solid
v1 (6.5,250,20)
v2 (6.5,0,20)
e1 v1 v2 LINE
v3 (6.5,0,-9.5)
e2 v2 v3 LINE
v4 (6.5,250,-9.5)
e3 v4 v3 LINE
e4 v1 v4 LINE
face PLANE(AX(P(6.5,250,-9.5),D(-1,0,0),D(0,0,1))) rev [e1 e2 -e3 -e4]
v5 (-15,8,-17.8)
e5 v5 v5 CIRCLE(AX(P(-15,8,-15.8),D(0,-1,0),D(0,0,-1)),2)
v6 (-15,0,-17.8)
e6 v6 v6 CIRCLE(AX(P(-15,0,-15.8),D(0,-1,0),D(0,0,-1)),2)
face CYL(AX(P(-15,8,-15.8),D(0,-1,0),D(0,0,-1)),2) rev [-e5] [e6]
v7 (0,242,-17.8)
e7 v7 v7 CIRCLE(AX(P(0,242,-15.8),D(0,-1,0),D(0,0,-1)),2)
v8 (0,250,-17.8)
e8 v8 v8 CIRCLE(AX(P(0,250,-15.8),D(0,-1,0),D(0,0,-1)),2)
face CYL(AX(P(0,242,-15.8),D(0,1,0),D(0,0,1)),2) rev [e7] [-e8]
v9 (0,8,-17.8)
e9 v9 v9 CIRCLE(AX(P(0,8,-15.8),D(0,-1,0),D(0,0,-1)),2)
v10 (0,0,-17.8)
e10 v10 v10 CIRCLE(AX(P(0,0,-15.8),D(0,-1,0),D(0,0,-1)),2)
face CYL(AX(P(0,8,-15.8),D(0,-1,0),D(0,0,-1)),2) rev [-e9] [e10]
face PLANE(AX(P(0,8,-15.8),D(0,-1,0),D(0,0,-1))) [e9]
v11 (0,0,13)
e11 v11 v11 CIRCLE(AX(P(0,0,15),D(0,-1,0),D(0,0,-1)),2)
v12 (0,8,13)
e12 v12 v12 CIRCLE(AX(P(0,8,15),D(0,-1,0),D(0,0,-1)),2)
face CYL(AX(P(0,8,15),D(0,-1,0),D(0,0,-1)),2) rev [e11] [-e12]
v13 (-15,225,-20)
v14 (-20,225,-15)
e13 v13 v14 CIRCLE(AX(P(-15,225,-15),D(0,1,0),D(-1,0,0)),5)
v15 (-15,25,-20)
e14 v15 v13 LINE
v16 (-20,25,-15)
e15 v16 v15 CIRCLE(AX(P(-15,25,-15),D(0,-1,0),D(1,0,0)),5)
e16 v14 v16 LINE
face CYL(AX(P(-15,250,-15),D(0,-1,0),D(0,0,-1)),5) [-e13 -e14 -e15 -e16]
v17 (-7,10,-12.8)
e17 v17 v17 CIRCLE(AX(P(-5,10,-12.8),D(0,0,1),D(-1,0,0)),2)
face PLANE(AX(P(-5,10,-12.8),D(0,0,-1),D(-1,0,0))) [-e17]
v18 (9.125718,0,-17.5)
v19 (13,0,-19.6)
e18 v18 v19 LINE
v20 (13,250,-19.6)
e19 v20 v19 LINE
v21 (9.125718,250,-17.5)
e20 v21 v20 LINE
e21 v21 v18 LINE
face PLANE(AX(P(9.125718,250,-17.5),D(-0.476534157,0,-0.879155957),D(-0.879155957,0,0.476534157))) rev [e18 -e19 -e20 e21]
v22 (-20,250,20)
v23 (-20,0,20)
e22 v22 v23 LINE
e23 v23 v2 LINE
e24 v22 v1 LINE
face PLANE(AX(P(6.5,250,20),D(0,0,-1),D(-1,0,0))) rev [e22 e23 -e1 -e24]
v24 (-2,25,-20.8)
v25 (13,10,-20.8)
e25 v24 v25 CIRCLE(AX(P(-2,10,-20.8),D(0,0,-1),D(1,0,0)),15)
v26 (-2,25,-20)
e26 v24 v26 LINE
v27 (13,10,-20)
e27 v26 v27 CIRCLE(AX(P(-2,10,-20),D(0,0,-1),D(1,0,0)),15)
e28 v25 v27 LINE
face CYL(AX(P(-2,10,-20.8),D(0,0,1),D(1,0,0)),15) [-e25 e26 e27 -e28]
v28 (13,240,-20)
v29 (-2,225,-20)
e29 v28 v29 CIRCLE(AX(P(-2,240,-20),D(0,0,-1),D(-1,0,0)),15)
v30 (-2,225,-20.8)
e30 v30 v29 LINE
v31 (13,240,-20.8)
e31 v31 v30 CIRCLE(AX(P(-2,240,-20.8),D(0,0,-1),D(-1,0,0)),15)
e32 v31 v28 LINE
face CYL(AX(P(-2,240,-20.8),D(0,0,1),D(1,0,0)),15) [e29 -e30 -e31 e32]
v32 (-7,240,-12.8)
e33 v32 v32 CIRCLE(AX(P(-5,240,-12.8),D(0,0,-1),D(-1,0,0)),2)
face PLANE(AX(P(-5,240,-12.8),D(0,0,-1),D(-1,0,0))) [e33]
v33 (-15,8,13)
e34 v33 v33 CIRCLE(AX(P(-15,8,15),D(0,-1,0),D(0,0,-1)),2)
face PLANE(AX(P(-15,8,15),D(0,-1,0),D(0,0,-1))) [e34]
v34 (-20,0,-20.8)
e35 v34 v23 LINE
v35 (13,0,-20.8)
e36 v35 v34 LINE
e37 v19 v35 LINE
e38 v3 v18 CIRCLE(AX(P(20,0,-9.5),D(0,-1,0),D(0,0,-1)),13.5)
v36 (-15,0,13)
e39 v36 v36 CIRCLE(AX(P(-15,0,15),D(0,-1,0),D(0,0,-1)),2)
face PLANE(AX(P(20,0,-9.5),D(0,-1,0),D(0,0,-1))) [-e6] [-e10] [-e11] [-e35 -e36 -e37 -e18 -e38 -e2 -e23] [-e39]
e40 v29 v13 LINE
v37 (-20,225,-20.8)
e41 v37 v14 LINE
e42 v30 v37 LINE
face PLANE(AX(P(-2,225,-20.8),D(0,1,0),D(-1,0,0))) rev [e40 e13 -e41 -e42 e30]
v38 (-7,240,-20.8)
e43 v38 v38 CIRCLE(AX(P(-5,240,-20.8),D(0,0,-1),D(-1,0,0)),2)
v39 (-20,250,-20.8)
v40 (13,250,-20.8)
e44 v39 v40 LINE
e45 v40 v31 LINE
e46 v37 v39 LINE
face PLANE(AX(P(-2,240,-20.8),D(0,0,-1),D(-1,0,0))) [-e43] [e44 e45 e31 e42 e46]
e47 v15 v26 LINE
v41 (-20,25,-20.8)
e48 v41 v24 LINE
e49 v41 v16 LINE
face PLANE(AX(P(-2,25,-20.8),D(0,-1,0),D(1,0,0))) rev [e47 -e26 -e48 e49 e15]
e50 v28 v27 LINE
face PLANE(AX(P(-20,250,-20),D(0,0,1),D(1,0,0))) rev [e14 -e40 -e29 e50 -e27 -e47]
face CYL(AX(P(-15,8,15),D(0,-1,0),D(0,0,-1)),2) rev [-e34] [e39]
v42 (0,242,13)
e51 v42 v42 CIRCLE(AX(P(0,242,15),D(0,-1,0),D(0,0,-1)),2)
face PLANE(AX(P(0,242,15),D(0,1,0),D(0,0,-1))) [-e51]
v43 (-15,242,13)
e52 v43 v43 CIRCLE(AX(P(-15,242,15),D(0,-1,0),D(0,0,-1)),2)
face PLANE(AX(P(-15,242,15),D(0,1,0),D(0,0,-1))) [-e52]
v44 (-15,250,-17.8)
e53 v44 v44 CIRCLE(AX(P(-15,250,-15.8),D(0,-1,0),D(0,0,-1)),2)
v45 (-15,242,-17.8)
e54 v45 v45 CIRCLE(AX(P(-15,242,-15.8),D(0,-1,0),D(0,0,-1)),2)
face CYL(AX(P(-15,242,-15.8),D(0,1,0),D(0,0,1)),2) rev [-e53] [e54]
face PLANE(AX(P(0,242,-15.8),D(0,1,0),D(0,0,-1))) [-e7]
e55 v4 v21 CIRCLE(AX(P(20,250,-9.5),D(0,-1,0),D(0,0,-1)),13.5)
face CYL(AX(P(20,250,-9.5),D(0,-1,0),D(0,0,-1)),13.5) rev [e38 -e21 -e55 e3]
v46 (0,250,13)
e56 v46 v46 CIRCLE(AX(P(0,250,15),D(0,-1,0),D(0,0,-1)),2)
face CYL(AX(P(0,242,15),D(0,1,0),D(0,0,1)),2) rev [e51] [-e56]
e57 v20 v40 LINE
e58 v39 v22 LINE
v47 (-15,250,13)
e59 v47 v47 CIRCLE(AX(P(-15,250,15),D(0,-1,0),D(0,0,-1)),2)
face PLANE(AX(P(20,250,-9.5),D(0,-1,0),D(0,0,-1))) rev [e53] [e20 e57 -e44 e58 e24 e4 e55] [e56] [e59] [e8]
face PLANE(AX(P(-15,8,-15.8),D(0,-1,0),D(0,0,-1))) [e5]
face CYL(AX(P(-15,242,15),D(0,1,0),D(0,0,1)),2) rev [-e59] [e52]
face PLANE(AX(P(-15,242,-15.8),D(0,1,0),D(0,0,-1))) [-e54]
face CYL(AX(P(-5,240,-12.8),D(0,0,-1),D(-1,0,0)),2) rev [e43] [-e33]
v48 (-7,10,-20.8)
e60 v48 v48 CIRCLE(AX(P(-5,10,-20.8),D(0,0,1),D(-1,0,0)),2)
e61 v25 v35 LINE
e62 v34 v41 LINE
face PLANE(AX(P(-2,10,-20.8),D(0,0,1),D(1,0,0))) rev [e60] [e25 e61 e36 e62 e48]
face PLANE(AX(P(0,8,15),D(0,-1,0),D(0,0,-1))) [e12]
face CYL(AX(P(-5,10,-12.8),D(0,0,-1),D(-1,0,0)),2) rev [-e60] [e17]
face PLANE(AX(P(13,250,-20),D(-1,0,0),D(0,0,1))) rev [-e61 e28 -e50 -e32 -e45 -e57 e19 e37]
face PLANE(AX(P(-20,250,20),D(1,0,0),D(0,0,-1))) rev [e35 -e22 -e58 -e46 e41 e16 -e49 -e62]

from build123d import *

# Parameters (mm, degrees)
BOSS_EXTRUDE1_DEPTH = 250
BOSS_EXTRUDE2_DEPTH = 0.8
SKETCH3_R           = 2
CUT_EXTRUDE2_DEPTH  = 8
FILLET1_R           = 5
SKETCH4_R           = 2
CUT_EXTRUDE3_DEPTH  = 8


with BuildPart() as part:
    # Sketch1 → Boss-Extrude1 (new body)
    with BuildSketch(Plane(origin=(0, 0, 0), x_dir=(1, 0, 0), z_dir=(0, 1, 0))):
        with BuildLine():
            Line((6.5, 9.5), (6.5, -20))
            Line((6.5, -20), (-20, -20))
            Line((-20, -20), (-20, 20))
            Line((-20, 20), (13, 20))
            Line((13, 20), (13, 19.6))
            Line((13, 19.6), (9.125718415, 17.5))
            ThreePointArc((9.125718415, 17.5), (7.173215496, 13.709940534), (6.5, 9.5))
        make_face()
    extrude(amount=BOSS_EXTRUDE1_DEPTH)

    # Sketch2 → Boss-Extrude2 (add)
    with BuildSketch(Plane(origin=(0, 0, -20), x_dir=(-1, 0, 0), z_dir=(0, 0, -1))):
        with BuildLine():
            Line((20, 225), (20, 250))
            Line((20, 250), (-13, 250))
            Line((-13, 250), (-13, 240))
            ThreePointArc((-13, 240), (-8.606601718, 229.393398282), (2, 225))
            Line((2, 225), (20, 225))
        make_face()
        with BuildLine():
            Line((-13, 0), (-13, 10))
            ThreePointArc((-13, 10), (-8.606601718, 20.606601718), (2, 25))
            Line((2, 25), (20, 25))
            Line((20, 25), (20, 0))
            Line((20, 0), (-13, 0))
        make_face()
    extrude(amount=BOSS_EXTRUDE2_DEPTH)

    # Sketch3 → Cut-Extrude2 (cut)
    with BuildSketch(Plane.XZ):
        with Locations((-15, 15)):
            Circle(SKETCH3_R)
        with Locations((0, 15)):
            Circle(SKETCH3_R)
        with Locations((0, -15.8)):
            Circle(SKETCH3_R)
        with Locations((-15, -15.8)):
            Circle(SKETCH3_R)
    cut_extrude2 = extrude(amount=-CUT_EXTRUDE2_DEPTH, mode=Mode.SUBTRACT)

    # Mirror1: Cut-Extrude2 across plane
    add(cut_extrude2.mirror(Plane.ZX.offset(125)), mode=Mode.SUBTRACT)

    # Fillet1
    fillet1_edges = [part.edges().sort_by_distance(p)[0] for p in [
        (-20, 125, -20),
    ]]
    fillet(fillet1_edges, radius=FILLET1_R)

    # Sketch4 → Cut-Extrude3 (cut)
    with BuildSketch(Plane(origin=(0, 0, -20.8), x_dir=(-1, 0, 0), z_dir=(0, 0, -1))):
        with Locations((5, 240)):
            Circle(SKETCH4_R)
    cut_extrude3 = extrude(amount=-CUT_EXTRUDE3_DEPTH, mode=Mode.SUBTRACT)

    # Mirror2: Cut-Extrude3 across plane
    add(cut_extrude3.mirror(Plane.ZX.offset(125)), mode=Mode.SUBTRACT)


solid = part.part
